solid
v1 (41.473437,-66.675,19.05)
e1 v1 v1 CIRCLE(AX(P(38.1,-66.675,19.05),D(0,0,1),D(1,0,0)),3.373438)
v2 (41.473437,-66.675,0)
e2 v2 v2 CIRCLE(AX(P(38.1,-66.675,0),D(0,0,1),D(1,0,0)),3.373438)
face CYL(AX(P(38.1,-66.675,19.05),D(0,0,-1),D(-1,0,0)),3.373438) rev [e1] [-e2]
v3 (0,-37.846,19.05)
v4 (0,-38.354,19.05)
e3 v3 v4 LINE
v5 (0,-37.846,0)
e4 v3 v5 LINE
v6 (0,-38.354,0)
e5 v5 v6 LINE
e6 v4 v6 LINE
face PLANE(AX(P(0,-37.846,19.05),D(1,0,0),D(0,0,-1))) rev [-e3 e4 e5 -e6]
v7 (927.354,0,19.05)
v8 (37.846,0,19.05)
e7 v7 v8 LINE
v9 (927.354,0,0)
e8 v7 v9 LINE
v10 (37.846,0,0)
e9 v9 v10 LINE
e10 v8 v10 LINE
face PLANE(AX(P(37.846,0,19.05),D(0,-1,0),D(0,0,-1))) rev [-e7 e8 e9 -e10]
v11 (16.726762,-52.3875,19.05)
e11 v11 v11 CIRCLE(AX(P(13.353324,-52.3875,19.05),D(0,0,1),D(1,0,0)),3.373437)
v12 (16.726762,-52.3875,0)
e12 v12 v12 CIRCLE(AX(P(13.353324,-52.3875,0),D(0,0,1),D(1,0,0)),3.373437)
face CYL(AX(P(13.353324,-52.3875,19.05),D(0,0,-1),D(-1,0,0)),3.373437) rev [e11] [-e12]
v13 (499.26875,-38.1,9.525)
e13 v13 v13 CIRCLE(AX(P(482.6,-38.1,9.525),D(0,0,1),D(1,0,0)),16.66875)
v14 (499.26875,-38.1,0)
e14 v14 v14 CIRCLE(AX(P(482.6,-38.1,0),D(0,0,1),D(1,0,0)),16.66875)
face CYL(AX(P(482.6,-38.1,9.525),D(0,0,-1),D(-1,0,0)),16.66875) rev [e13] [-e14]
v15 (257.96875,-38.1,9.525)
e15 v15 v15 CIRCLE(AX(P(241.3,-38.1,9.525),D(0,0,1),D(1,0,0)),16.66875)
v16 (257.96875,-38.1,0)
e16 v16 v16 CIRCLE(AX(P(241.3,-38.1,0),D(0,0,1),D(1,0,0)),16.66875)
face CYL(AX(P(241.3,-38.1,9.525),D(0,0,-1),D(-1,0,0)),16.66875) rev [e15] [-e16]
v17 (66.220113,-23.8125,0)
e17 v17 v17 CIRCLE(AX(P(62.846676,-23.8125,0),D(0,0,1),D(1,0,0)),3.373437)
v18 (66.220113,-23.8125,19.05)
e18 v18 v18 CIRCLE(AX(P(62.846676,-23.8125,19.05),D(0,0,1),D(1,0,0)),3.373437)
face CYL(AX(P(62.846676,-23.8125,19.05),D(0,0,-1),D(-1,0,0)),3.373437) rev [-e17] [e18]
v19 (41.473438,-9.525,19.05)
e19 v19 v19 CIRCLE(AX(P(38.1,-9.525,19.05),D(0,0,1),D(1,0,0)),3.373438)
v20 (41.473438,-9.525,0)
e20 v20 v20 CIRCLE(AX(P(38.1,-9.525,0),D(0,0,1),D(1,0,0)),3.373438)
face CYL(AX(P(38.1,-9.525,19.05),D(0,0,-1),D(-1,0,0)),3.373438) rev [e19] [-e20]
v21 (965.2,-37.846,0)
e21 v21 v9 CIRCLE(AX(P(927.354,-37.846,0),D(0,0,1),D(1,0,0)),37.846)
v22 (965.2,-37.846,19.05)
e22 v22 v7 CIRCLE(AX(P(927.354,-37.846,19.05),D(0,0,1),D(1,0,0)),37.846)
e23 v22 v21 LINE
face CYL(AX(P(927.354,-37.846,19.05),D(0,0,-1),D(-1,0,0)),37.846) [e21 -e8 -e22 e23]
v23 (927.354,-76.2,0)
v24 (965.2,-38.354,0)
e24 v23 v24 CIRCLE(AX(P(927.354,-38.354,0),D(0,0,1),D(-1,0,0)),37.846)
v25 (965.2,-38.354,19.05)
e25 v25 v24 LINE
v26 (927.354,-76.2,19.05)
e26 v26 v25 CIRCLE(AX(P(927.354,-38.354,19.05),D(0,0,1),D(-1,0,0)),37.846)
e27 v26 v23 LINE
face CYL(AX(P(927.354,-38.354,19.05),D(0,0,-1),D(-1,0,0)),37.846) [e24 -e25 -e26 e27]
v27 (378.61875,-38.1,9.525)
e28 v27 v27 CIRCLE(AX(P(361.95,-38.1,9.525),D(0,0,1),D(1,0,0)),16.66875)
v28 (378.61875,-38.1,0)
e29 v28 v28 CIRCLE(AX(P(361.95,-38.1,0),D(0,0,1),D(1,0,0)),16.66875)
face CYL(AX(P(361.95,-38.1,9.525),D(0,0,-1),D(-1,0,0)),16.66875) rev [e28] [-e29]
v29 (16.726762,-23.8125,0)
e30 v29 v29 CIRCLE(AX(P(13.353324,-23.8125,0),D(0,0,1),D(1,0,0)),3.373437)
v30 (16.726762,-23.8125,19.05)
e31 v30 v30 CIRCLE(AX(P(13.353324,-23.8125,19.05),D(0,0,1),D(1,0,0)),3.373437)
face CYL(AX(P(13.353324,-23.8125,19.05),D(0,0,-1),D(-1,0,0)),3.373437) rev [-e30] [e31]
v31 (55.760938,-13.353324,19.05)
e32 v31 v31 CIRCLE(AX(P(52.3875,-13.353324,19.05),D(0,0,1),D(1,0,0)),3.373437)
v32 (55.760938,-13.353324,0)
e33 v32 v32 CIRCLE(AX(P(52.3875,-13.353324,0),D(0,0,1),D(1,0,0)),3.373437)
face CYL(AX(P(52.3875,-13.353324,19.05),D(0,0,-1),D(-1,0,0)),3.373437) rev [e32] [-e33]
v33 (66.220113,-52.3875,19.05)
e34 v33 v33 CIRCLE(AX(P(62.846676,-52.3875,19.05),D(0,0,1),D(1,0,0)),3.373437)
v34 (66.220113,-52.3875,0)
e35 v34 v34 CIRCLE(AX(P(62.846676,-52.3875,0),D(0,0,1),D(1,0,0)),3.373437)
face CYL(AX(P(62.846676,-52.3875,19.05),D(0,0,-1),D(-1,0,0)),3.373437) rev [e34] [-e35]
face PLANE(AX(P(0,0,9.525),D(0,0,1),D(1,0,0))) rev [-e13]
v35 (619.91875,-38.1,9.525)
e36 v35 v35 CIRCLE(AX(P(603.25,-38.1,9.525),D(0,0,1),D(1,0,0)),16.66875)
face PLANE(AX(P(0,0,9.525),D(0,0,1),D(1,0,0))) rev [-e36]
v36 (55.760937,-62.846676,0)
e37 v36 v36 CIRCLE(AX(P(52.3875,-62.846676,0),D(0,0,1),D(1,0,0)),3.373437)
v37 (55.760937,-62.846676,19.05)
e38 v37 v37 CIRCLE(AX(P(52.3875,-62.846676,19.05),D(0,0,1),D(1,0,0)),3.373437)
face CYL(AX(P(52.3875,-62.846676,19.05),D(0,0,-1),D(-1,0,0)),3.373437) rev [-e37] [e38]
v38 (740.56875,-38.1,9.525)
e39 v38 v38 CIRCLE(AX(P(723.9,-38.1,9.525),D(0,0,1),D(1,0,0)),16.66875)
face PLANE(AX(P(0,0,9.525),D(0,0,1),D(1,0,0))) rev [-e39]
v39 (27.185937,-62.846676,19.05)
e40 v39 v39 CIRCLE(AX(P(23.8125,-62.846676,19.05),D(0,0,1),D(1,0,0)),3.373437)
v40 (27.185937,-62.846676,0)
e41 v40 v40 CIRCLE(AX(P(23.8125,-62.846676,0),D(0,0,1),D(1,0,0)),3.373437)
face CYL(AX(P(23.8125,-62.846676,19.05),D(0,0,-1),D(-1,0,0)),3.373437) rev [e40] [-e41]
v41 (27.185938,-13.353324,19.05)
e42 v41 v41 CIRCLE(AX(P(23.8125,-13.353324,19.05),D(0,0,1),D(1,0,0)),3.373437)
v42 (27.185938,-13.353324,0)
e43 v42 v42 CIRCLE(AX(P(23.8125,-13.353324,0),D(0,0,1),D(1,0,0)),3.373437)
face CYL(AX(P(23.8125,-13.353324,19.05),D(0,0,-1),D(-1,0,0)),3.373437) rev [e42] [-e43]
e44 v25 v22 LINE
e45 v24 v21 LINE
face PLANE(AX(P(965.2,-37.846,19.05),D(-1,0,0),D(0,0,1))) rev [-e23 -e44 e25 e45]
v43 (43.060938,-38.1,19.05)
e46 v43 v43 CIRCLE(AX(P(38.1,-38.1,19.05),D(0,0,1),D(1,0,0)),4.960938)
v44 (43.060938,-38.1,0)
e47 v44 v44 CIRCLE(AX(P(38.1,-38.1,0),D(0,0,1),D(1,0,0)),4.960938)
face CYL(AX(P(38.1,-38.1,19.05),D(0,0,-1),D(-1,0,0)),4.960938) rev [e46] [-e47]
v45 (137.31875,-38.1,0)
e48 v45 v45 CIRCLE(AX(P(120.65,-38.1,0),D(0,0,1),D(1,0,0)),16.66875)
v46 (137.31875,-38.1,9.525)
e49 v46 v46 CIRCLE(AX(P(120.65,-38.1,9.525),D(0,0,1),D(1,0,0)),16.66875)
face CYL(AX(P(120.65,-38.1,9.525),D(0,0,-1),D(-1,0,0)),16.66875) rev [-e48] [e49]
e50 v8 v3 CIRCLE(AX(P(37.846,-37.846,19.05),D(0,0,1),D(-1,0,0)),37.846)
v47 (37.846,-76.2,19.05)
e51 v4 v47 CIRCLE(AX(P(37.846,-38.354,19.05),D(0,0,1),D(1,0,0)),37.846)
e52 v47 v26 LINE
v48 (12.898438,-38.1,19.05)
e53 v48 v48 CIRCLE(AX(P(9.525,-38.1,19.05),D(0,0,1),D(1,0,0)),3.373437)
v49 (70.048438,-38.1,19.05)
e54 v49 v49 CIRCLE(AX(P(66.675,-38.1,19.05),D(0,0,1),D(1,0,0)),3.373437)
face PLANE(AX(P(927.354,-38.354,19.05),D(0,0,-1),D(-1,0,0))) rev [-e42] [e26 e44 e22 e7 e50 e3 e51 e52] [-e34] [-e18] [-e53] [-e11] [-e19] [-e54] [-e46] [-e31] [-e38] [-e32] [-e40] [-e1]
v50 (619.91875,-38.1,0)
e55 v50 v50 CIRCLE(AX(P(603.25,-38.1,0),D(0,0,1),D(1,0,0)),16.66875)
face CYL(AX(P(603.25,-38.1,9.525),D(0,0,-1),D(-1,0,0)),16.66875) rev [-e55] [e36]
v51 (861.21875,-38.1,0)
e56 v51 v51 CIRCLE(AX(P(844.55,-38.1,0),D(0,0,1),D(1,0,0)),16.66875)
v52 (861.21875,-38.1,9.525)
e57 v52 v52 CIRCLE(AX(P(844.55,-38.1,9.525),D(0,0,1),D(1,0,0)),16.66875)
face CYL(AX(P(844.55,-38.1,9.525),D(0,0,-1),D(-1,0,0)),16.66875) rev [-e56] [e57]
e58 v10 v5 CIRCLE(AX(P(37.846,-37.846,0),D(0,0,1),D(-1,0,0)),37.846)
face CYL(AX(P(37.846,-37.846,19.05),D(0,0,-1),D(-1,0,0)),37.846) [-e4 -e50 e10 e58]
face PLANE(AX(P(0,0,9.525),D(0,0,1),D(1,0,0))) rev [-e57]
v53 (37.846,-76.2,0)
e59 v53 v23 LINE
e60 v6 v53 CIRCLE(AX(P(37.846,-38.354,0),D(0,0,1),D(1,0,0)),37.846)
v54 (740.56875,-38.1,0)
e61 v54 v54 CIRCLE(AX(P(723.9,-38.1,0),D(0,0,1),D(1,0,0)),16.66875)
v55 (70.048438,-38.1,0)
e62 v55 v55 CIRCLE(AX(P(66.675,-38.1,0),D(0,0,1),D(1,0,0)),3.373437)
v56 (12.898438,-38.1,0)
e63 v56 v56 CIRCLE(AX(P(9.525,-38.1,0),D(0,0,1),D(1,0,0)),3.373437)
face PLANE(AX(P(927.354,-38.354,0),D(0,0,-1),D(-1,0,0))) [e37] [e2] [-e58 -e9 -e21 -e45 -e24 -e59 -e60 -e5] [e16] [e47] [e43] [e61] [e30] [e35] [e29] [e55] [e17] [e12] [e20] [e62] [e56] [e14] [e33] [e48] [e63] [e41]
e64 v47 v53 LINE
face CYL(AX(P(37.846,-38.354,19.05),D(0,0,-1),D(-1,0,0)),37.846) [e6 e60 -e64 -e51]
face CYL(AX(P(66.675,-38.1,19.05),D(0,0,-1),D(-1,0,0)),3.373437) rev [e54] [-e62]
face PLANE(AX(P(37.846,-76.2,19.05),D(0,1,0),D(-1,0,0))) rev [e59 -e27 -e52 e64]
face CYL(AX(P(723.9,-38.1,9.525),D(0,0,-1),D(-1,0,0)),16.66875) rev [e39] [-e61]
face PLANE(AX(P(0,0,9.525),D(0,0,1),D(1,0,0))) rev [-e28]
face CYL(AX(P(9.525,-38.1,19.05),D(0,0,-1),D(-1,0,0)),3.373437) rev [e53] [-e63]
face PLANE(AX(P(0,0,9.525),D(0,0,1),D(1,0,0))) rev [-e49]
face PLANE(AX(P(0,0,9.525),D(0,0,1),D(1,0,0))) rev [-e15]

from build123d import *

# Parameters (mm, degrees)
BOSS_EXTRUDE1_DEPTH = 19.05
SKETCH3_R           = 16.66875
CUT_EXTRUDE1_DEPTH  = 9.525
SKETCH5_R           = 4.9609375
SKETCH5_R_2         = 3.3734375
CUT_EXTRUDE10_DEPTH = 19.05


with BuildPart() as part:
    # Sketch2 → Boss-Extrude1 (new body)
    with BuildSketch(Plane.XY):
        with BuildLine():
            Line((37.846, 0), (927.354, 0))
            ThreePointArc((927.354, 0), (954.115163241, -11.084836759), (965.2, -37.846))
            Line((965.2, -37.846), (965.2, -38.354))
            ThreePointArc((965.2, -38.354), (954.115163241, -65.115163241), (927.354, -76.2))
            Line((927.354, -76.2), (37.846, -76.2))
            ThreePointArc((37.846, -76.2), (11.084836759, -65.115163241), (0, -38.354))
            Line((0, -38.354), (0, -37.846))
            ThreePointArc((0, -37.846), (11.084836759, -11.084836759), (37.846, 0))
        make_face()
    extrude(amount=BOSS_EXTRUDE1_DEPTH)

    # Sketch3 → Cut-Extrude1 (cut)
    with BuildSketch(Plane.XY):
        with Locations((120.65, -38.1)):
            Circle(SKETCH3_R)
        with Locations((241.3, -38.1)):
            Circle(SKETCH3_R)
        with Locations((361.95, -38.1)):
            Circle(SKETCH3_R)
        with Locations((844.55, -38.1)):
            Circle(SKETCH3_R)
        with Locations((723.9, -38.1)):
            Circle(SKETCH3_R)
        with Locations((603.25, -38.1)):
            Circle(SKETCH3_R)
        with Locations((482.6, -38.1)):
            Circle(SKETCH3_R)
    extrude(amount=CUT_EXTRUDE1_DEPTH, mode=Mode.SUBTRACT)

    # Sketch5 → Cut-Extrude10 (cut)
    with BuildSketch(Plane.XY):
        with Locations((38.1, -38.1)):
            Circle(SKETCH5_R)
        with Locations((66.675, -38.1)):
            Circle(SKETCH5_R_2)
        with Locations((62.846675913, -52.3875)):
            Circle(SKETCH5_R_2)
        with Locations((52.3875, -62.846675913)):
            Circle(SKETCH5_R_2)
        with Locations((38.1, -66.675)):
            Circle(SKETCH5_R_2)
        with Locations((23.8125, -62.846675913)):
            Circle(SKETCH5_R_2)
        with Locations((13.353324087, -52.3875)):
            Circle(SKETCH5_R_2)
        with Locations((9.525, -38.1)):
            Circle(SKETCH5_R_2)
        with Locations((13.353324087, -23.8125)):
            Circle(SKETCH5_R_2)
        with Locations((23.8125, -13.353324087)):
            Circle(SKETCH5_R_2)
        with Locations((38.1, -9.525)):
            Circle(SKETCH5_R_2)
        with Locations((52.3875, -13.353324087)):
            Circle(SKETCH5_R_2)
        with Locations((62.846675913, -23.8125)):
            Circle(SKETCH5_R_2)
    extrude(amount=CUT_EXTRUDE10_DEPTH, mode=Mode.SUBTRACT)


solid = part.part
